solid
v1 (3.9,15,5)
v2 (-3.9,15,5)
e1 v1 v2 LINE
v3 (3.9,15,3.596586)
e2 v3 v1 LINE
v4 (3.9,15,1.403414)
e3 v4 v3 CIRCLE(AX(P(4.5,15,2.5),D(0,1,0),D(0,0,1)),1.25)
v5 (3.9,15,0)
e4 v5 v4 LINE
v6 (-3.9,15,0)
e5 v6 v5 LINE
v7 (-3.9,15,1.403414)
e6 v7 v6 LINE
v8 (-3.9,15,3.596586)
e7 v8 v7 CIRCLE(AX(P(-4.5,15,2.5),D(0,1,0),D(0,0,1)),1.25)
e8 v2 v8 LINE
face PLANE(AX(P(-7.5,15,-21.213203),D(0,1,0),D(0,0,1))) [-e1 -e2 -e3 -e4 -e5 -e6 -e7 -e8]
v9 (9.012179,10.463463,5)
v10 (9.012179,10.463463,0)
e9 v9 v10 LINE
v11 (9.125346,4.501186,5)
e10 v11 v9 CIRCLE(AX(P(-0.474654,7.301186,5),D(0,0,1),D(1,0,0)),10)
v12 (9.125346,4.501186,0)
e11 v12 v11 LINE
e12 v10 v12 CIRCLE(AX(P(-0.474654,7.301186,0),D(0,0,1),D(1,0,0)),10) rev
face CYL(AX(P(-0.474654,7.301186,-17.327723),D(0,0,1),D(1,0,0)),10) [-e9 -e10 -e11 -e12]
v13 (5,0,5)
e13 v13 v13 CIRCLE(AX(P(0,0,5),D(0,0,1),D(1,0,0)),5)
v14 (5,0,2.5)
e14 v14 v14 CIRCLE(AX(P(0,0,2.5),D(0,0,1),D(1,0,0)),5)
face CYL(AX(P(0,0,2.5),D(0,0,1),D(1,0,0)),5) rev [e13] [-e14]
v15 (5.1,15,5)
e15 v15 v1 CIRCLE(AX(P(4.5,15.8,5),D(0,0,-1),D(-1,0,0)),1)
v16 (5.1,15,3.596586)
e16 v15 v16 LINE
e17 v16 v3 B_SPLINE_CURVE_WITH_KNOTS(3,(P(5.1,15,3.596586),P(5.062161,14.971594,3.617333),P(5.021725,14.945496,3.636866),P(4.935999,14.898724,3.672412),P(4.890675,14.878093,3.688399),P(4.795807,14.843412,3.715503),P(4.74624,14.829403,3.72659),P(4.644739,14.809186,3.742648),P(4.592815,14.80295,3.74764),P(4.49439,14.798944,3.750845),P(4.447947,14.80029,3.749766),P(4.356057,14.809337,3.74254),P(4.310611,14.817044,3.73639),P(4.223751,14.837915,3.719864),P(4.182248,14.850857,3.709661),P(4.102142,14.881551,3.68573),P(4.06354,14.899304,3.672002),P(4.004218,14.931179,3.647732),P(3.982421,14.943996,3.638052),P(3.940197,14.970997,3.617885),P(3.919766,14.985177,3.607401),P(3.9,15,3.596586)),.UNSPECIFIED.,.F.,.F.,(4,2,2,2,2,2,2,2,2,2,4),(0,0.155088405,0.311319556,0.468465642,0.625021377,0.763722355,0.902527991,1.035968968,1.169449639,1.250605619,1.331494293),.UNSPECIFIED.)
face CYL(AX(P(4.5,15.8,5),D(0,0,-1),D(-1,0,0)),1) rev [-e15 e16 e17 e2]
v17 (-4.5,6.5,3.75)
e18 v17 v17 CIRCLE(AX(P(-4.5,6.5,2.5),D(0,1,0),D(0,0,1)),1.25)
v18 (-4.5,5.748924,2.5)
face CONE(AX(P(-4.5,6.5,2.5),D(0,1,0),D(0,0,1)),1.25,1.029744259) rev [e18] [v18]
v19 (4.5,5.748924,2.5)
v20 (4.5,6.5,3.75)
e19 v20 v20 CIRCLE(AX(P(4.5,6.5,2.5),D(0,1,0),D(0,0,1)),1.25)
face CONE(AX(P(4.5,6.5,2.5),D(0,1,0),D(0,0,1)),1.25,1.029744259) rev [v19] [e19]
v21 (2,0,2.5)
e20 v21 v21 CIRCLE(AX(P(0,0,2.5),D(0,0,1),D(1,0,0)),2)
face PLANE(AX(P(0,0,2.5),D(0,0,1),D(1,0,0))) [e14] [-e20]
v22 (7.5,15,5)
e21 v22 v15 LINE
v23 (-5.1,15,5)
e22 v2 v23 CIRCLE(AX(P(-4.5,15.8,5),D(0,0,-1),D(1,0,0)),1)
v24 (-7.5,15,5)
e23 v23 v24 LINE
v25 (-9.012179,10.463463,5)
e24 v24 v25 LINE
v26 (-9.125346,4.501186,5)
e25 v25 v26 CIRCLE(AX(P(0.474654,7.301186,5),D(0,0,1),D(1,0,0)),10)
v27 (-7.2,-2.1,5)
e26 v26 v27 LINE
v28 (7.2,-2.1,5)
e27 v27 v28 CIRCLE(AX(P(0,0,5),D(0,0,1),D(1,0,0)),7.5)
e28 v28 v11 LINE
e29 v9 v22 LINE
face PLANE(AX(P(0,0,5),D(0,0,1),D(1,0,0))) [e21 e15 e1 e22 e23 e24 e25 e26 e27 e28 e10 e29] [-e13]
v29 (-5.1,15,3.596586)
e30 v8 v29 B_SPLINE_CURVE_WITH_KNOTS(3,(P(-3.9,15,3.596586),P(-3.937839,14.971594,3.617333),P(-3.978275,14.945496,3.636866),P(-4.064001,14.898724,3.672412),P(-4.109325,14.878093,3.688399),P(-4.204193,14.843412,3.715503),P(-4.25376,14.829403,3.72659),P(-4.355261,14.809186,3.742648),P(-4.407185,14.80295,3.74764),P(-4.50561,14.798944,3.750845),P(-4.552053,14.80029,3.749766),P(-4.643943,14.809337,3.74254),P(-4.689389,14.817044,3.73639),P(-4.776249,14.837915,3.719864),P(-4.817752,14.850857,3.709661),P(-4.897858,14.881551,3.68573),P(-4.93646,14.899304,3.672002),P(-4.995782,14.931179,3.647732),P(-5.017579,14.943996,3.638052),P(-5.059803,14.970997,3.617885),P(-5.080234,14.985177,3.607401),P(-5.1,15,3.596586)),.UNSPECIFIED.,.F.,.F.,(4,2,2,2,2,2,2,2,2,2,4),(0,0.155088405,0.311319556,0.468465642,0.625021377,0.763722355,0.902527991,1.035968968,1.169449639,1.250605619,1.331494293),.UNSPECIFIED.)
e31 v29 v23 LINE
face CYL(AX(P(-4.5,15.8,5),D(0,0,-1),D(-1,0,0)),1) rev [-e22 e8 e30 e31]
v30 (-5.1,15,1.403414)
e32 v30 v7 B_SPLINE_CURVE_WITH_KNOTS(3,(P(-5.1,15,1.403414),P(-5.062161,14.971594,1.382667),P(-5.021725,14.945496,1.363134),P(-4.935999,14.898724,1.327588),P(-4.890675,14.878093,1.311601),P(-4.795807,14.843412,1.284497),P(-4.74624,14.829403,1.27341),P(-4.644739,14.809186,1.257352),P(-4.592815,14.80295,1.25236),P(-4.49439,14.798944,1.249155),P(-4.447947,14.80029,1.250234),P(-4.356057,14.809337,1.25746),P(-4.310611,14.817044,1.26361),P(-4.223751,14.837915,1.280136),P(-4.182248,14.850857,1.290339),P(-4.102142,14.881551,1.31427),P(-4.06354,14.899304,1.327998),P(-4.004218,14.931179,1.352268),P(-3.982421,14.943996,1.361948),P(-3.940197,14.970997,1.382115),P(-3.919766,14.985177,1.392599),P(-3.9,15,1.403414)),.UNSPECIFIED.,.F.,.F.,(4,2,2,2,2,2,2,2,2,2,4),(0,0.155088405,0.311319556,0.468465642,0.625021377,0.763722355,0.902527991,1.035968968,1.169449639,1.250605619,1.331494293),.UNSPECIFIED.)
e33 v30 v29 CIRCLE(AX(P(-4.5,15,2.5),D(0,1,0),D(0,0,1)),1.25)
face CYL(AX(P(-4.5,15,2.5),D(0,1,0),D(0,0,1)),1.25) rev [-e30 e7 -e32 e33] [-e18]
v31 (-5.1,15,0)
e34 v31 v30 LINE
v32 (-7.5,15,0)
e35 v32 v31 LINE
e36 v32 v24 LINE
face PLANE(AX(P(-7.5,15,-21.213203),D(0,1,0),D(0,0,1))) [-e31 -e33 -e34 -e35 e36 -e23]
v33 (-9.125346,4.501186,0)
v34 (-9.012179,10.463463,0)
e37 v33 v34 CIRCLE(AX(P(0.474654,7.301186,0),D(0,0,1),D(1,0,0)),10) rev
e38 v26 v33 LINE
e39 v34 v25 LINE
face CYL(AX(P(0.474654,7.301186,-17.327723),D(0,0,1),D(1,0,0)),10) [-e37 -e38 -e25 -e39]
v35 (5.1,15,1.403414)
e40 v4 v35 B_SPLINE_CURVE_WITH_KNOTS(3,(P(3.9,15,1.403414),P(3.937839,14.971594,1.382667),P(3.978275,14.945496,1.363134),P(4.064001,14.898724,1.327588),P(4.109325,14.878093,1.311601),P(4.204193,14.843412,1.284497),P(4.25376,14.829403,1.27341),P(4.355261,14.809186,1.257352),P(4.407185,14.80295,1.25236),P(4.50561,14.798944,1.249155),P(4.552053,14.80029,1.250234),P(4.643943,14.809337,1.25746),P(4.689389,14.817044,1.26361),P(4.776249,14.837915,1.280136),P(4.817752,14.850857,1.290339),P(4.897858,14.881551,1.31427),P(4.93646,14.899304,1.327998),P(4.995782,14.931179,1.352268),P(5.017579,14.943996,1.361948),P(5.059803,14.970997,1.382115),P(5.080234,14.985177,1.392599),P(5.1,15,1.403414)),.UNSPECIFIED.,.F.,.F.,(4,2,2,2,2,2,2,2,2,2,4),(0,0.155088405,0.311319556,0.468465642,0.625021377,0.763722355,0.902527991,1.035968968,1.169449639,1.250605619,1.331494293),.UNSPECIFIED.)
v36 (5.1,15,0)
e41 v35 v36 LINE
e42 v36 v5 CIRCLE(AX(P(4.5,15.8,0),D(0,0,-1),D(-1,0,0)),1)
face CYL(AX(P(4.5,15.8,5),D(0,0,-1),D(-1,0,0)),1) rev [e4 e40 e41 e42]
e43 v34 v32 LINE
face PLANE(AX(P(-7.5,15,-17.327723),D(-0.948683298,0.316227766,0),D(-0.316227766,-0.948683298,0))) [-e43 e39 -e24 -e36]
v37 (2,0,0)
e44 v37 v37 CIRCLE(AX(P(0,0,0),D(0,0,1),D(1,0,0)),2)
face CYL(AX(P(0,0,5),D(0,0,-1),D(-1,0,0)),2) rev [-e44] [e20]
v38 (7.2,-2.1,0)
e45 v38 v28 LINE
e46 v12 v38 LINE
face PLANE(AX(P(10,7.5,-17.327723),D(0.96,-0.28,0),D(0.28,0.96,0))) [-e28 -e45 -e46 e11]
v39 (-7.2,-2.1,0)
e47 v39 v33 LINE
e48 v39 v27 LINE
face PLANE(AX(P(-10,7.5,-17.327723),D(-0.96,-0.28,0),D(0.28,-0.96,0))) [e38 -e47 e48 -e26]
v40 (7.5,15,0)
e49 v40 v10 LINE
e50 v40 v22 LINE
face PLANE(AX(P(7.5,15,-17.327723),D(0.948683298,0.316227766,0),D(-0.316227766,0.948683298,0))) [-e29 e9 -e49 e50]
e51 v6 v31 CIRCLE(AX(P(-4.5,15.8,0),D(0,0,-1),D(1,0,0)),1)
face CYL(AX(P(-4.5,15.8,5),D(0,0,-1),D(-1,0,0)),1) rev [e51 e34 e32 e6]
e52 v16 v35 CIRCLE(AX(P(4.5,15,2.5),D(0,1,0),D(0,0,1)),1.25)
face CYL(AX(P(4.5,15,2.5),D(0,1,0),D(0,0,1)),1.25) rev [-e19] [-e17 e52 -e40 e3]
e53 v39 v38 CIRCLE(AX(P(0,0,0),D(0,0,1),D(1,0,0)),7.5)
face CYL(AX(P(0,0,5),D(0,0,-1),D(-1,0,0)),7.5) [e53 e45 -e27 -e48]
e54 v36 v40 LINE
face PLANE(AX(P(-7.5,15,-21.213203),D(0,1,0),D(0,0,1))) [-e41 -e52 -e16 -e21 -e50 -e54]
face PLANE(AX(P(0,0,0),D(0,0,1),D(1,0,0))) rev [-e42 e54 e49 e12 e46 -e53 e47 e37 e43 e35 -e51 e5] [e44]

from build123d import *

# Parameters (mm, degrees)
SKETCH_1_R             = 7.5
SKETCH_1_R_2           = 2
EXTRUDE_1_DEPTH        = 5
EXTRUDE_START          = -5
EXTRUDE_2_DEPTH        = 5
SKETCH_3_R             = 1
CUT_EXTRUDE_1_DEPTH    = 5
EXTRUDE_3_DEPTH        = 5
FILLET_1_R             = 10
SKETCH_11_R            = 5
CUT_EXTRUDE_4_DEPTH    = 2.5
SKETCH_12_R            = 1
CUT_EXTRUDE_5_DEPTH    = 19.45893317
HOLE_WIZARD_M3_1_D     = 2.5
HOLE_WIZARD_M3_1_DEPTH = 8.5
HOLE_WIZARD_M3_1_TIP   = 0.751075774


with BuildPart() as part:
    # ｽｹｯﾁ1 → ﾎﾞｽ - 押し出し1 (new body)
    with BuildSketch(Plane.XY):
        Circle(SKETCH_1_R)
        Circle(SKETCH_1_R_2, mode=Mode.SUBTRACT)
    extrude(amount=EXTRUDE_1_DEPTH)

    # ｽｹｯﾁ2 → ﾎﾞｽ - 押し出し2 (add)
    with BuildSketch(Plane.XY.offset(5).offset(EXTRUDE_START)):
        with BuildLine():
            Line((-7.5, 0), (-7.5, 15))
            Line((-7.5, 15), (7.5, 15))
            Line((7.5, 15), (7.5, 0))
            ThreePointArc((7.5, 0), (0, 7.5), (-7.5, 0))
        make_face()
    extrude(amount=EXTRUDE_2_DEPTH)

    # ｽｹｯﾁ3 → ｶｯﾄ - 押し出し1 (cut)
    with BuildSketch(Plane(origin=(0, 15, 0), x_dir=(1, 0, 0), z_dir=(0, 1, 0))):
        with Locations(Location((-4.5, -2.5, 0), (0, 0, 270))):
            Circle(SKETCH_3_R)
        with Locations(Location((4.5, -2.5, 0), (0, 0, 90))):
            Circle(SKETCH_3_R)
    extrude(amount=-CUT_EXTRUDE_1_DEPTH, mode=Mode.SUBTRACT)

    # ｽｹｯﾁ4 → ﾎﾞｽ - 押し出し3 (add)
    with BuildSketch(Plane.XY.offset(5).offset(EXTRUDE_START)):
        with BuildLine():
            Line((-7.5, 15), (-10, 7.5))
            Line((-10, 7.5), (-7.2, -2.1))
            ThreePointArc((-7.2, -2.1), (-7.424621202, -1.060660172), (-7.5, 0))
            Line((-7.5, 0), (-7.5, 15))
        make_face()
        with BuildLine():
            Line((7.5, 0), (7.5, 15))
            Line((7.5, 15), (10, 7.5))
            Line((10, 7.5), (7.2, -2.1))
            ThreePointArc((7.2, -2.1), (7.424621202, -1.060660172), (7.5, 0))
        make_face()
    extrude(amount=EXTRUDE_3_DEPTH)

    # ﾌｨﾚｯﾄ1
    fillet_1_edges = [part.edges().sort_by_distance(p)[0] for p in [
        (-10, 7.5, 2.5),
        (10, 7.5, 2.5),
    ]]
    fillet(fillet_1_edges, radius=FILLET_1_R)

    # ｽｹｯﾁ11 → ｶｯﾄ - 押し出し4 (cut)
    with BuildSketch(Plane.XY.offset(5)):
        Circle(SKETCH_11_R)
    extrude(amount=-CUT_EXTRUDE_4_DEPTH, mode=Mode.SUBTRACT)

    # ｽｹｯﾁ12 → ｶｯﾄ - 押し出し5 (cut, through all)
    with BuildSketch(Plane(origin=(0, 0, 0), x_dir=(-1, 0, 0), z_dir=(0, 0, -1))):
        with Locations((-4.5, 15.8)):
            Circle(SKETCH_12_R)
        with Locations((4.5, 15.8)):
            Circle(SKETCH_12_R)
    extrude(amount=-CUT_EXTRUDE_5_DEPTH, mode=Mode.SUBTRACT)

    # M3 ねじ穴1
    with Locations(Plane(origin=(0, 15, 0), x_dir=(1, 0, 0), z_dir=(0, 1, 0))):
        with Locations((-4.5, -2.5), (4.5, -2.5)):
            Hole(HOLE_WIZARD_M3_1_D / 2, depth=HOLE_WIZARD_M3_1_DEPTH)
            with Locations((0, 0, -(HOLE_WIZARD_M3_1_DEPTH + HOLE_WIZARD_M3_1_TIP / 2))):  # 118° drill point
                Cone(0, HOLE_WIZARD_M3_1_D / 2, HOLE_WIZARD_M3_1_TIP, mode=Mode.SUBTRACT)


solid = part.part
